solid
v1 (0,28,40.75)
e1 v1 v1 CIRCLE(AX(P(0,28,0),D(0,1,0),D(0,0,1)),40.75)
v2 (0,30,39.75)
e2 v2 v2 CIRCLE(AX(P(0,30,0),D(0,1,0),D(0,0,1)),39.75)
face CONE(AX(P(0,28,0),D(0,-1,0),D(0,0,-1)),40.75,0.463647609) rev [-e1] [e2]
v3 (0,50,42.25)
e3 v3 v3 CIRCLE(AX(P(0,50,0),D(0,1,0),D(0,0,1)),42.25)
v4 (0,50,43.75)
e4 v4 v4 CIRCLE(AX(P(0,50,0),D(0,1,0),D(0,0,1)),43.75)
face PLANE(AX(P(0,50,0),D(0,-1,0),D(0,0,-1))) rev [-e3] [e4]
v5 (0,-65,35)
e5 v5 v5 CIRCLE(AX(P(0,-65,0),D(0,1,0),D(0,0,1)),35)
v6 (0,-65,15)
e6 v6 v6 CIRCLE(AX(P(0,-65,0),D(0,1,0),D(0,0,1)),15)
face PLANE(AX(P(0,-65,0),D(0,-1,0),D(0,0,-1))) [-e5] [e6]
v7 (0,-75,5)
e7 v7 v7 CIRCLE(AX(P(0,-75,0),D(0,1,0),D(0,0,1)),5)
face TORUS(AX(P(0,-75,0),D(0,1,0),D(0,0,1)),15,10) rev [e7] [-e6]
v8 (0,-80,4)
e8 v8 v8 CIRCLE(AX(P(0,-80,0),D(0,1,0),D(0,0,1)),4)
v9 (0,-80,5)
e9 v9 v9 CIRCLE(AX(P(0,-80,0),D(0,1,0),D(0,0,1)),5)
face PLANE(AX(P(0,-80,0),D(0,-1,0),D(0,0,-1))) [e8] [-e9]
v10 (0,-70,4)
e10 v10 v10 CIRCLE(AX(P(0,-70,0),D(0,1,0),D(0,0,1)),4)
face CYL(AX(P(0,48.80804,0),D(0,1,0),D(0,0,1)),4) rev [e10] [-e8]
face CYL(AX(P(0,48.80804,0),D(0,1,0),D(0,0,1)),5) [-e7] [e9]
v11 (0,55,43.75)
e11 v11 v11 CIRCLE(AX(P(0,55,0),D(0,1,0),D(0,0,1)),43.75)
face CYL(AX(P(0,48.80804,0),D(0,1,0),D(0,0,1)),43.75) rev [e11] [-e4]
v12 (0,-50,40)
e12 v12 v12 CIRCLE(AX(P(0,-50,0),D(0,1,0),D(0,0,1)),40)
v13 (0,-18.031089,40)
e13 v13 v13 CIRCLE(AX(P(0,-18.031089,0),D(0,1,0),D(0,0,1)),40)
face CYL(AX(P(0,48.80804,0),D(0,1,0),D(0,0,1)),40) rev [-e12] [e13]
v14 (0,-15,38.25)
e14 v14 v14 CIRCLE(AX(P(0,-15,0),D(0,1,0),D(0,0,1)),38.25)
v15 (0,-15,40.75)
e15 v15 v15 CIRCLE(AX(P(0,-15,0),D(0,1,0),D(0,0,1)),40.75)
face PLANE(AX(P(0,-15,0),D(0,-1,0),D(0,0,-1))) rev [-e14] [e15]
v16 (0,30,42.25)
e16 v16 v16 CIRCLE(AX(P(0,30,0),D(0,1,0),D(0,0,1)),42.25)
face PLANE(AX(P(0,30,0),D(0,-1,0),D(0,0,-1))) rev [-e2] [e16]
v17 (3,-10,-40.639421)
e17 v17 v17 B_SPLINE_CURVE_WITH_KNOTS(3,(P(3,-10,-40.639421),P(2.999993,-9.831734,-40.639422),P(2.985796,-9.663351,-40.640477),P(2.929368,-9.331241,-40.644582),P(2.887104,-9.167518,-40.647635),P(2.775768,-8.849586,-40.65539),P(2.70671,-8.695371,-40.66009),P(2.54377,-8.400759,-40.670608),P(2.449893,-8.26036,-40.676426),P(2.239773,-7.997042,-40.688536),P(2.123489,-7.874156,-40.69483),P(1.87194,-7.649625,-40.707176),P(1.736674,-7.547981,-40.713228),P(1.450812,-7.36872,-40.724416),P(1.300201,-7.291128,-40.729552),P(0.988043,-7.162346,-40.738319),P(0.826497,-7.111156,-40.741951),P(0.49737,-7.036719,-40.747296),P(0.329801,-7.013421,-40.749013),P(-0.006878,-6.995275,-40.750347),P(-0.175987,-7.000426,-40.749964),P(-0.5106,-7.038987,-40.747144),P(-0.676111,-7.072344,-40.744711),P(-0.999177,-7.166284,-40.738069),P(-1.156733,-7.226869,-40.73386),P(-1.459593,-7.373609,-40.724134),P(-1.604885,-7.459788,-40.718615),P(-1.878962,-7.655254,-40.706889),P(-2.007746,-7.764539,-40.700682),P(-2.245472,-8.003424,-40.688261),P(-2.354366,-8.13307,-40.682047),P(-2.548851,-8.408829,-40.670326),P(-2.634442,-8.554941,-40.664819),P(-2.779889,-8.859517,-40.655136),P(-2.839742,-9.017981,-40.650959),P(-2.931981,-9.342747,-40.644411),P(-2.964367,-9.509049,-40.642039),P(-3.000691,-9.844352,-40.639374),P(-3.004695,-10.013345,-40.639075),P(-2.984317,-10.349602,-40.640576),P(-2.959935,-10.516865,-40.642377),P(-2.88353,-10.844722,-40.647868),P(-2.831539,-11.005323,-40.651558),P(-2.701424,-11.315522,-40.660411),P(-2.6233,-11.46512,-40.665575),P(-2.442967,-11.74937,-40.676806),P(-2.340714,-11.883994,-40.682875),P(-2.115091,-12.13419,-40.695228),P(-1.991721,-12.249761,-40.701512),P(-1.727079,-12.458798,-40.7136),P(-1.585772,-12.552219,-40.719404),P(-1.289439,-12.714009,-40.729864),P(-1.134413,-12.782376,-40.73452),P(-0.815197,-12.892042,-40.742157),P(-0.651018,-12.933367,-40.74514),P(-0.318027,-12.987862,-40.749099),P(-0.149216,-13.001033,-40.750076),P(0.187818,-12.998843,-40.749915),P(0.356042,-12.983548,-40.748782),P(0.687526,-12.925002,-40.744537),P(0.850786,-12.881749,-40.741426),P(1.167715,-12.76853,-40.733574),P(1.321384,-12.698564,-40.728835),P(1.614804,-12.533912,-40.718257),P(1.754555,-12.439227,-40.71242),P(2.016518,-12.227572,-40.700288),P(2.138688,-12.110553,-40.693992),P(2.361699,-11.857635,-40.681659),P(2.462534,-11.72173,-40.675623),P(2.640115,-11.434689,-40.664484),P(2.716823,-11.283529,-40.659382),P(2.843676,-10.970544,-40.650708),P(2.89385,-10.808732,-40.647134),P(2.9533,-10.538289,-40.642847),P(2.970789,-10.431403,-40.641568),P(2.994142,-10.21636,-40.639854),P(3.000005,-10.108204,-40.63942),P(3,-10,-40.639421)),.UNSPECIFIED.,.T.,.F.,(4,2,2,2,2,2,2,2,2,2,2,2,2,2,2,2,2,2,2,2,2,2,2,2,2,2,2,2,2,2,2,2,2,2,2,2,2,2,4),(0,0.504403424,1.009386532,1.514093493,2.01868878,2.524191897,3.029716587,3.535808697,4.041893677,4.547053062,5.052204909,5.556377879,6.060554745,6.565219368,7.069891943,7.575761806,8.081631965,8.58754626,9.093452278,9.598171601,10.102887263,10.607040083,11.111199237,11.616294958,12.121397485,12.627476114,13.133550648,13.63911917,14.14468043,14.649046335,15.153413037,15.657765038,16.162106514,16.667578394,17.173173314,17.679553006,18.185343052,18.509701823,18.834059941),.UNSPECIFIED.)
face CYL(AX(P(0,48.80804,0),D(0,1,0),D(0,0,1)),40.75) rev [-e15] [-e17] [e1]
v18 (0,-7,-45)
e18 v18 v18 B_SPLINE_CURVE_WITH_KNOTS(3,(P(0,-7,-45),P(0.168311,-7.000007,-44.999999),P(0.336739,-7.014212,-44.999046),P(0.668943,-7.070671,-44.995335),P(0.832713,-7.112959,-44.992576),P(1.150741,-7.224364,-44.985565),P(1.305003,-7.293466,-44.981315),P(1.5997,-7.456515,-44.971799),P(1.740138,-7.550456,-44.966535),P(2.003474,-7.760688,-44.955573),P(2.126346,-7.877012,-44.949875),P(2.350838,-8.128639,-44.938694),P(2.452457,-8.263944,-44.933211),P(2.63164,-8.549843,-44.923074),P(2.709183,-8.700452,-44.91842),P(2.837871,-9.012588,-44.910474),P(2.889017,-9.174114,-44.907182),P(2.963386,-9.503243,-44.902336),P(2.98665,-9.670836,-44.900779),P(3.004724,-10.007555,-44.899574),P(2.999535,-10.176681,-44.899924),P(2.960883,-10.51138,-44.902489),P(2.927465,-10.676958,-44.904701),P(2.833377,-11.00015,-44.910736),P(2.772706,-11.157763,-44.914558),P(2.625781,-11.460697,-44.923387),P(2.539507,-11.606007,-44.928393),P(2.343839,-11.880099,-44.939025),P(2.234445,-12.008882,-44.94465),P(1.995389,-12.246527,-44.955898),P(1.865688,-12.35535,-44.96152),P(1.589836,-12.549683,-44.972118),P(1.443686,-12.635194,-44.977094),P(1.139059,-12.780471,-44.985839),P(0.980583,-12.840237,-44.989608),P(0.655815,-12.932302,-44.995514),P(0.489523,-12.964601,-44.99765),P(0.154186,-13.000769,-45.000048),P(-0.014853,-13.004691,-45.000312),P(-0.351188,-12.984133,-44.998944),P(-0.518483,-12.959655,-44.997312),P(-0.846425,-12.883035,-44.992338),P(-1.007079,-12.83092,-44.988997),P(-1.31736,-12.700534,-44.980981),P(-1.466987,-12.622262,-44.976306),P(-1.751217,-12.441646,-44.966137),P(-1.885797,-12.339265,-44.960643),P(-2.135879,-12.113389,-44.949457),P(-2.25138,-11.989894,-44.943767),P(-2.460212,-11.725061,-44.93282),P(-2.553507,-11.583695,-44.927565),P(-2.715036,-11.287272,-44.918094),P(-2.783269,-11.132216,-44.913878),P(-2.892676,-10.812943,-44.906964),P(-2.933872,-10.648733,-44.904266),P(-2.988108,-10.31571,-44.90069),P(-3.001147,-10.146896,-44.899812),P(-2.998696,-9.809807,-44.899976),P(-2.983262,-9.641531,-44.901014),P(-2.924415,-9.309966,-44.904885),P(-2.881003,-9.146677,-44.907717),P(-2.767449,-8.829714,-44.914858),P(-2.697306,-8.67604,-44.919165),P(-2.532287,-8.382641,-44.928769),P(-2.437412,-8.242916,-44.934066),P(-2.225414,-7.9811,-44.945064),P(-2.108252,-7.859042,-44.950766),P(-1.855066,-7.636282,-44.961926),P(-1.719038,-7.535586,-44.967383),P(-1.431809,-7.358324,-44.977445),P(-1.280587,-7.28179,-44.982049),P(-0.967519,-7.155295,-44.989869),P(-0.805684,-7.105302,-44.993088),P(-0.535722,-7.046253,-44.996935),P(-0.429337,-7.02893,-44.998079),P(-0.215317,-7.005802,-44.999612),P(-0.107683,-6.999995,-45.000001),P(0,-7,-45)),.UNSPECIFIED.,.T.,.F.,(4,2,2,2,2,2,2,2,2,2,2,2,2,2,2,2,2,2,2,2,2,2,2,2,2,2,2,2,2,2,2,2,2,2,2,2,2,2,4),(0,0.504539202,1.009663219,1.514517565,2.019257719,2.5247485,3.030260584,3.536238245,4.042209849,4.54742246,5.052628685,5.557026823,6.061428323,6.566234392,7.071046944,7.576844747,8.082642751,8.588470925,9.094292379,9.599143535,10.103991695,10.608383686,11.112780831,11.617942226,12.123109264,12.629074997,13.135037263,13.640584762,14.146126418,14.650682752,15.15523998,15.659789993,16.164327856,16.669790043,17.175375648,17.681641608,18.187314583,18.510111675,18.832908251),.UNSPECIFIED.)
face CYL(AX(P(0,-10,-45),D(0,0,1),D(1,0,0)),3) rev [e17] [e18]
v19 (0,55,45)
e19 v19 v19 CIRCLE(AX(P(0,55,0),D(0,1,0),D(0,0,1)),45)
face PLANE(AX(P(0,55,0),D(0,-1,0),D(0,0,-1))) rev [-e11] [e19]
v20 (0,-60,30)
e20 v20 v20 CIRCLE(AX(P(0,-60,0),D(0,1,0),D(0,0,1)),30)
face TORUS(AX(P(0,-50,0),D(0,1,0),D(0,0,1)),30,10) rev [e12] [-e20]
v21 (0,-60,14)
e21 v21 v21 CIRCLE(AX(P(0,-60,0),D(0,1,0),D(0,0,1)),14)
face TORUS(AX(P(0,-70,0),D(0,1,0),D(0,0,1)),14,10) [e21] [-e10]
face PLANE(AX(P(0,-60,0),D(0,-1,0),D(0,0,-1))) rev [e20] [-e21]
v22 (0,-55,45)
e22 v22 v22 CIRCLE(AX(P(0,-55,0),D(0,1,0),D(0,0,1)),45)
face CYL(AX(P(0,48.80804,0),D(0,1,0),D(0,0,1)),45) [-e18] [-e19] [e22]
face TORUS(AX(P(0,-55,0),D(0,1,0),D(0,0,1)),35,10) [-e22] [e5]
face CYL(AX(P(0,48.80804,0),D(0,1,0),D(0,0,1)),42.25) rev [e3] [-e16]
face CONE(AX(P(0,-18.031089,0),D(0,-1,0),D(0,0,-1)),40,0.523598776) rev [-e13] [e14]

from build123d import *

# Parameters (mm, degrees)
SKETCH2_R          = 3
CUT_EXTRUDE1_DEPTH = 103.225241501


with BuildPart() as part:
    # Sketch1 → Revolve1 (revolve)
    with BuildSketch(Plane(origin=(0, 0, 0), x_dir=(0, 0, -1), z_dir=(1, 0, 0))):
        with BuildLine():
            Line((-43.75, 55), (-45, 55))
            Line((-45, 55), (-45, -55))
            ThreePointArc((-45, -55), (-42.071067812, -62.071067812), (-35, -65))
            Line((-35, -65), (-15, -65))
            ThreePointArc((-15, -65), (-7.928932188, -67.928932188), (-5, -75))
            Line((-5, -75), (-5, -80))
            Line((-5, -80), (-4, -80))
            Line((-4, -80), (-4, -70))
            ThreePointArc((-4, -70), (-6.928932188, -62.928932188), (-14, -60))
            Line((-14, -60), (-30, -60))
            ThreePointArc((-30, -60), (-37.071067812, -57.071067812), (-40, -50))
            Line((-40, -50), (-40, -18.031088913))
            Line((-40, -18.031088913), (-38.25, -15))
            Line((-38.25, -15), (-40.75, -15))
            Line((-40.75, -15), (-40.75, 28))
            Line((-40.75, 28), (-39.75, 30))
            Line((-39.75, 30), (-42.25, 30))
            Line((-42.25, 30), (-42.25, 50))
            Line((-42.25, 50), (-43.75, 50))
            Line((-43.75, 50), (-43.75, 55))
        make_face()
    revolve(axis=Axis((0, 48.80804048, 0), (0, -1, 0)))

    # Sketch2 → Cut-Extrude1 (cut, through all)
    with BuildSketch(Plane.XY):
        with Locations((0, -10)):
            Circle(SKETCH2_R)
    extrude(amount=-CUT_EXTRUDE1_DEPTH, mode=Mode.SUBTRACT)


solid = part.part
